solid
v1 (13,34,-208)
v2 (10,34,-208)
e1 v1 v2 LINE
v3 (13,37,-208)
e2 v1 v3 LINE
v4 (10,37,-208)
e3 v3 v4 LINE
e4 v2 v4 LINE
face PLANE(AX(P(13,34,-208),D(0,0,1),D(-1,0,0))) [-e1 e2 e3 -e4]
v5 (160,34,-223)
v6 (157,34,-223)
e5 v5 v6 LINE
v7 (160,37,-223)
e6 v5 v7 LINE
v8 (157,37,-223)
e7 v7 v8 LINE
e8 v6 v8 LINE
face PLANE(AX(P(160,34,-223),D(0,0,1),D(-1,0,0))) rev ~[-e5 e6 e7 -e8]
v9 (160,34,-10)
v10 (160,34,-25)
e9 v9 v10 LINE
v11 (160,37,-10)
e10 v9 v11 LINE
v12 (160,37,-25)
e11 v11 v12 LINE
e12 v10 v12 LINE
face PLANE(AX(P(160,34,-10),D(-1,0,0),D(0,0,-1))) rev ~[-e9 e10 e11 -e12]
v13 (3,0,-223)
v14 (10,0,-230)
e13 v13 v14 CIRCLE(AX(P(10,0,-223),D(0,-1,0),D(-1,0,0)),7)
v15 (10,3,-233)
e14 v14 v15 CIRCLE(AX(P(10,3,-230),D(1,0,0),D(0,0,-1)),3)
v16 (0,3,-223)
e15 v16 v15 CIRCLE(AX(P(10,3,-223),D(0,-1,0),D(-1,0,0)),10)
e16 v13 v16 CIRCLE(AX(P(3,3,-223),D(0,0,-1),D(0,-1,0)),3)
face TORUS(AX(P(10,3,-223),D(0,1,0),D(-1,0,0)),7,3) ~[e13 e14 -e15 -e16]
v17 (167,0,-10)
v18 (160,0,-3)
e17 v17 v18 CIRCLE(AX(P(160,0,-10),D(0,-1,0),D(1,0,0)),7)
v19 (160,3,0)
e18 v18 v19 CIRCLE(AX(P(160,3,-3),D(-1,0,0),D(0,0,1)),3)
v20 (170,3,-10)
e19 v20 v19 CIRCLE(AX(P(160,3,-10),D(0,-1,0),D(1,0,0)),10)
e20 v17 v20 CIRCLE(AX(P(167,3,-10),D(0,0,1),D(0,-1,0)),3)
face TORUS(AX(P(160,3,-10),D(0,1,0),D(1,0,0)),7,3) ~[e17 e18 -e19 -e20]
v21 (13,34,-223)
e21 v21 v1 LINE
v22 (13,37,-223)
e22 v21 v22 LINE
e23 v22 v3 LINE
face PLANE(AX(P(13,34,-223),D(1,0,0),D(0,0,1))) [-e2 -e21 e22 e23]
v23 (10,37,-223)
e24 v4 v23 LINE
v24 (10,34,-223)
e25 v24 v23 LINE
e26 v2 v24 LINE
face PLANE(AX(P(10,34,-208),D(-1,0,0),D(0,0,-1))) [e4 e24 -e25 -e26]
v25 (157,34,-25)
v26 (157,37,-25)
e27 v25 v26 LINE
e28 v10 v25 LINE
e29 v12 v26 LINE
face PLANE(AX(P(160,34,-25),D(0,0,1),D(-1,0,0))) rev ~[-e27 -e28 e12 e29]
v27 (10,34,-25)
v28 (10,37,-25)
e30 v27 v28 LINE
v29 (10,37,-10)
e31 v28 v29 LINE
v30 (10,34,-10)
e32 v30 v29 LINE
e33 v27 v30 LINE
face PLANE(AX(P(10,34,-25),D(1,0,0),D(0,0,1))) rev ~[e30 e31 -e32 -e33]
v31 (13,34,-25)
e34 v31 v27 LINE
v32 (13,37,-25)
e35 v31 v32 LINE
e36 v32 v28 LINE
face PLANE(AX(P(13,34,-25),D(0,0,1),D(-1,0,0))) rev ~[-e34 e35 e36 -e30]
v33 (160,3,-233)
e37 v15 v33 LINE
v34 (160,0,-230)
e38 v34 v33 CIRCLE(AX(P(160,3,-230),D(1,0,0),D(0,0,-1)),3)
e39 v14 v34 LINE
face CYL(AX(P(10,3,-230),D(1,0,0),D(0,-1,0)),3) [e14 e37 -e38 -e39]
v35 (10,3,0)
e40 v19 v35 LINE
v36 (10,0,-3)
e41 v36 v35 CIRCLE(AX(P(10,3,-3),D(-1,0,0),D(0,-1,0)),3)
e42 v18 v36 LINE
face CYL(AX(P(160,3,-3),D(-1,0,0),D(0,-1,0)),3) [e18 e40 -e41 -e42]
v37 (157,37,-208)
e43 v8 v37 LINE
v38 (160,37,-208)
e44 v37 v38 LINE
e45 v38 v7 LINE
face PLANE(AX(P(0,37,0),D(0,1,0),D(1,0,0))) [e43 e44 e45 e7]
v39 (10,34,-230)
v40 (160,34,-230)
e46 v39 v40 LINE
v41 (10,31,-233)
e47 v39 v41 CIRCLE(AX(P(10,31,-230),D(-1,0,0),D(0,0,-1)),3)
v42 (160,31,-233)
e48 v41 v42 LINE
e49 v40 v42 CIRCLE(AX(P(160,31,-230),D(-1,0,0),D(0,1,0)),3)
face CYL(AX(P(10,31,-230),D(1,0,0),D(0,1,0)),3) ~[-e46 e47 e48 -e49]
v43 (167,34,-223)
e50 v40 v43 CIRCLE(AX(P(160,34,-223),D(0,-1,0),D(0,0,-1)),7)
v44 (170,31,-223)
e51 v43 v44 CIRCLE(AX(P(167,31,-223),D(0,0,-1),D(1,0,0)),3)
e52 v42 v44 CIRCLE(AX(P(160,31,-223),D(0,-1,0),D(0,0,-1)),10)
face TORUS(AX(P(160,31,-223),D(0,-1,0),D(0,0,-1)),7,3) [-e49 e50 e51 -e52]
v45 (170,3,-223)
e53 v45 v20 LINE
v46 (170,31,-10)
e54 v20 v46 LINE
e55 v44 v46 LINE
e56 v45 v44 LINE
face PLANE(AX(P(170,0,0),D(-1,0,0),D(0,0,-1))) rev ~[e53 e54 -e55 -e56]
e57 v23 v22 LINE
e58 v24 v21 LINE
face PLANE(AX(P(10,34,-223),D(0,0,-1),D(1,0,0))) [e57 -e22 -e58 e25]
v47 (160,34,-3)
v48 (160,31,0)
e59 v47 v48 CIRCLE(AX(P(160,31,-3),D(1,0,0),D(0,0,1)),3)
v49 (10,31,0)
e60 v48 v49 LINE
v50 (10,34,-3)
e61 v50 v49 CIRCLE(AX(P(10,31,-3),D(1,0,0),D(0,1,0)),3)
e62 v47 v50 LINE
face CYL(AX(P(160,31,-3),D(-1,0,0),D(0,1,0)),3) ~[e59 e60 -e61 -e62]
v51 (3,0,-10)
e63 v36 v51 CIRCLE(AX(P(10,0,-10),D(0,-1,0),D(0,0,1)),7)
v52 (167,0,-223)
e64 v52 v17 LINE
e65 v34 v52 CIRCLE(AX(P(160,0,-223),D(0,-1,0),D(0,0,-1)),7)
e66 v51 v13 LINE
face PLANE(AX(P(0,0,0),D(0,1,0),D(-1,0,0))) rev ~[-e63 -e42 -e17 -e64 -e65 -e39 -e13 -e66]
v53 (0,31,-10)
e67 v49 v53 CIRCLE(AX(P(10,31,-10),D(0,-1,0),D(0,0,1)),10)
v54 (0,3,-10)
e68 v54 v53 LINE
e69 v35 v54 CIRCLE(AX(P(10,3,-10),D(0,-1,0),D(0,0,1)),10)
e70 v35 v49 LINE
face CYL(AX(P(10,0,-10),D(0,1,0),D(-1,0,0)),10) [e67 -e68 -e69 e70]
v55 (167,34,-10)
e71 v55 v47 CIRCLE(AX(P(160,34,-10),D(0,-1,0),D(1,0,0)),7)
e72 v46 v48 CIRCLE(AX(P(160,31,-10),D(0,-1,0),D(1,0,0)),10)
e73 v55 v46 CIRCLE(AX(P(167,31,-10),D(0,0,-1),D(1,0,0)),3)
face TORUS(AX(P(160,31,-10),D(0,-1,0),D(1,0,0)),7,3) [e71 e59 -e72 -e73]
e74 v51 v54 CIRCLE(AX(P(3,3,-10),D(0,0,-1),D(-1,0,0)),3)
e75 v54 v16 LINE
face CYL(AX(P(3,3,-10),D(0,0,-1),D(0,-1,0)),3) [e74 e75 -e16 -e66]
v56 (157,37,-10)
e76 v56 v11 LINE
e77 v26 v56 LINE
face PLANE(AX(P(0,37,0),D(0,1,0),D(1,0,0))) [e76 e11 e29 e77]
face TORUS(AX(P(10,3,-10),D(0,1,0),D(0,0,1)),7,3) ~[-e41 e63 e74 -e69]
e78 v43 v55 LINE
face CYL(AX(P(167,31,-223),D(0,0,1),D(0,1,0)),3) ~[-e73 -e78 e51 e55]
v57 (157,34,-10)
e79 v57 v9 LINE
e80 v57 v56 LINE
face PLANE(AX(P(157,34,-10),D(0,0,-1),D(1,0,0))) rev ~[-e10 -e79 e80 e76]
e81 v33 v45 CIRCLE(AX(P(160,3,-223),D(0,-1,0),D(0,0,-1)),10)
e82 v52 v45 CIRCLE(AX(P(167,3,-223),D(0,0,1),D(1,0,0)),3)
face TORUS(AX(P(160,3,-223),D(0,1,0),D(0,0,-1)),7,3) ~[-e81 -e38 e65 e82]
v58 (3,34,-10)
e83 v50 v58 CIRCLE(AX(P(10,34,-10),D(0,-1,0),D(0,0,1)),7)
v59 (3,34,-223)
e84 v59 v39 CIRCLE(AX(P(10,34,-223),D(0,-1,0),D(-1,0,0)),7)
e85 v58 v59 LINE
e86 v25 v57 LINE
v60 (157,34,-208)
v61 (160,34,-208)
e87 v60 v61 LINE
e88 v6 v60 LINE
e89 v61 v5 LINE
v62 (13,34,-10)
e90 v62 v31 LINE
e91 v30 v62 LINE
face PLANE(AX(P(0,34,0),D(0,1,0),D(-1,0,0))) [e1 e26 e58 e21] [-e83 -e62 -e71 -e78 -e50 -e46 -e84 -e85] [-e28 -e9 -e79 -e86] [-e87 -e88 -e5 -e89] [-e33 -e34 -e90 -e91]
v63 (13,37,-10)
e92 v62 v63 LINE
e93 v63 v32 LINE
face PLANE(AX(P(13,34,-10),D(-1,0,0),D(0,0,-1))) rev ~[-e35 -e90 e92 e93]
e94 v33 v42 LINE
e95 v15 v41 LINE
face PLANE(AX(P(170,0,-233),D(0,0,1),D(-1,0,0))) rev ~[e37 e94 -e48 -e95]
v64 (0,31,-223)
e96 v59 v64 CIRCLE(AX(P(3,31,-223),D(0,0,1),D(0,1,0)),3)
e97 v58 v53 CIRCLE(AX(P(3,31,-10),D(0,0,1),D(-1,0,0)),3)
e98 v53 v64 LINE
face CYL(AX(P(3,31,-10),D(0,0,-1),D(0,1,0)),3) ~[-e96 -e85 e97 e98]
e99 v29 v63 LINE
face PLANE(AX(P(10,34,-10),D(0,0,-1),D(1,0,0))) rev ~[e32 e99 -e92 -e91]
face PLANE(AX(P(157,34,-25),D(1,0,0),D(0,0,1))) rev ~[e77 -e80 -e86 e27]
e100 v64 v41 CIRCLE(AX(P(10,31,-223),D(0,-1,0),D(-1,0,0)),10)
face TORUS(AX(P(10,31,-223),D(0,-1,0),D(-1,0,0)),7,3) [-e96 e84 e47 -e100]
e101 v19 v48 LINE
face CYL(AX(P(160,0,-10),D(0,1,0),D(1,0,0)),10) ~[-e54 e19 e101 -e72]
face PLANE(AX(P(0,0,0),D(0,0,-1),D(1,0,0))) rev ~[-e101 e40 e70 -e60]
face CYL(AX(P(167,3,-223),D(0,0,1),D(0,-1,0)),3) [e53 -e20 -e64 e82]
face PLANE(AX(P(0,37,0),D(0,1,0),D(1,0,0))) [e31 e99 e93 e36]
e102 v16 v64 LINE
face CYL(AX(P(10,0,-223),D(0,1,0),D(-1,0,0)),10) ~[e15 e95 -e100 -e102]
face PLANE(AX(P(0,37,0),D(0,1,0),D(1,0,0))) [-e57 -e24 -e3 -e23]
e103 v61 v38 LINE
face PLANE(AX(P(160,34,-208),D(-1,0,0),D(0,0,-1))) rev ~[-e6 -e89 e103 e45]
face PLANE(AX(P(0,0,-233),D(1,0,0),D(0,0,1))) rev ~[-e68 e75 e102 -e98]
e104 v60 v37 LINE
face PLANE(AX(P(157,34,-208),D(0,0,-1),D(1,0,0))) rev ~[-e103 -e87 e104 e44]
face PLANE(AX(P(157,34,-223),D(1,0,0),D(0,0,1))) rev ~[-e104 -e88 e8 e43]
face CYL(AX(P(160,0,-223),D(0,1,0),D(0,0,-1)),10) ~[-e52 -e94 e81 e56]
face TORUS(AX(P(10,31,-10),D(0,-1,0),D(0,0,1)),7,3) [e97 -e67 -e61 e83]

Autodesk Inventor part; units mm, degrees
ref_plane "YZ Plane" through (0, 0, 0) normal (1, 0, 0) x (0, 1, 0)
ref_plane "XZ Plane" through (0, 0, 0) normal (0, 1, 0) x (-1, 0, 0)
ref_plane "XY Plane" through (0, 0, 0) normal (0, 0, 1) x (1, 0, 0)
sketch "スケッチ2" plane through (0, 0, 0) normal (0, 1, 0) x (-1, 0, 0)
  line L0 (0, 0) -> (-170, 0)
  line L1 (-170, 0) -> (-170, -233)
  line L2 (-170, -233) -> (0, -233)
  line L3 (0, -233) -> (0, 0)
  dimension "d0" = 170
  dimension "d1" = 233
extrude "押し出し1" add sketch "スケッチ2" along normal blind 34
fillet "フィレット1" radius 10 4 edges at (170, 17, 0) (0, 17, 0) (170, 17, -233) (0, 17, -233)
fillet "フィレット2" radius 3 16 edges at (167.0711, 34, -2.9289) (170, 34, -116.5) (167.0711, 34, -230.0711) (85, 34, -233) (2.9289, 34, -230.0711) (0, 34, -116.5) (2.9289, 34, -2.9289) (85, 34, 0) (167.0711, 0, -230.0711) (85, 0, -233) (2.9289, 0, -230.0711) (0, 0, -116.5) (2.9289, 0, -2.9289) (85, 0, 0) (167.0711, 0, -2.9289) (170, 0, -116.5)
sketch "スケッチ3" plane through (0, 34, 0) normal (0, 1, 0) x (1, 0, 0)
  line L0 (10, 10) -> (13, 10)
  line L1 (13, 10) -> (13, 25)
  line L2 (13, 25) -> (10, 25)
  line L3 (10, 25) -> (10, 10)
  line L4 (0, 223) -> (0, 10) projected
  line L5 (10, 0) -> (160, 0) projected
  line L6 (157, 10) -> (160, 10)
  line L7 (160, 10) -> (160, 25)
  line L8 (160, 25) -> (157, 25)
  line L9 (157, 25) -> (157, 10)
  line L10 (170, 10) -> (170, 223) projected
  arc A0 (170, 223) -> (160, 233) centre (160, 223) ccw projected
  line L11 (160, 223) -> (157, 223)
  line L12 (157, 223) -> (157, 208)
  line L13 (157, 208) -> (160, 208)
  line L14 (160, 208) -> (160, 223)
  arc A1 (10, 233) -> (0, 223) centre (10, 223) ccw projected
  line L15 (10, 223) -> (13, 223)
  line L16 (13, 223) -> (13, 208)
  line L17 (13, 208) -> (10, 208)
  line L18 (10, 208) -> (10, 223)
  point P0 (0, 0)
  dimension "d6" = 3
  dimension "d7" = 15
  dimension "d8" = 10
  dimension "d9" = 10
  dimension "d10" = 3
  dimension "d11" = 15
  dimension "d12" = 10
  dimension "d13" = 10
  dimension "d14" = 3
  dimension "d15" = 15
  dimension "d16" = 3
  dimension "d17" = 15
extrude "押し出し2" add sketch "スケッチ3" along normal blind 3
properties part number "box" material "ガラス"
